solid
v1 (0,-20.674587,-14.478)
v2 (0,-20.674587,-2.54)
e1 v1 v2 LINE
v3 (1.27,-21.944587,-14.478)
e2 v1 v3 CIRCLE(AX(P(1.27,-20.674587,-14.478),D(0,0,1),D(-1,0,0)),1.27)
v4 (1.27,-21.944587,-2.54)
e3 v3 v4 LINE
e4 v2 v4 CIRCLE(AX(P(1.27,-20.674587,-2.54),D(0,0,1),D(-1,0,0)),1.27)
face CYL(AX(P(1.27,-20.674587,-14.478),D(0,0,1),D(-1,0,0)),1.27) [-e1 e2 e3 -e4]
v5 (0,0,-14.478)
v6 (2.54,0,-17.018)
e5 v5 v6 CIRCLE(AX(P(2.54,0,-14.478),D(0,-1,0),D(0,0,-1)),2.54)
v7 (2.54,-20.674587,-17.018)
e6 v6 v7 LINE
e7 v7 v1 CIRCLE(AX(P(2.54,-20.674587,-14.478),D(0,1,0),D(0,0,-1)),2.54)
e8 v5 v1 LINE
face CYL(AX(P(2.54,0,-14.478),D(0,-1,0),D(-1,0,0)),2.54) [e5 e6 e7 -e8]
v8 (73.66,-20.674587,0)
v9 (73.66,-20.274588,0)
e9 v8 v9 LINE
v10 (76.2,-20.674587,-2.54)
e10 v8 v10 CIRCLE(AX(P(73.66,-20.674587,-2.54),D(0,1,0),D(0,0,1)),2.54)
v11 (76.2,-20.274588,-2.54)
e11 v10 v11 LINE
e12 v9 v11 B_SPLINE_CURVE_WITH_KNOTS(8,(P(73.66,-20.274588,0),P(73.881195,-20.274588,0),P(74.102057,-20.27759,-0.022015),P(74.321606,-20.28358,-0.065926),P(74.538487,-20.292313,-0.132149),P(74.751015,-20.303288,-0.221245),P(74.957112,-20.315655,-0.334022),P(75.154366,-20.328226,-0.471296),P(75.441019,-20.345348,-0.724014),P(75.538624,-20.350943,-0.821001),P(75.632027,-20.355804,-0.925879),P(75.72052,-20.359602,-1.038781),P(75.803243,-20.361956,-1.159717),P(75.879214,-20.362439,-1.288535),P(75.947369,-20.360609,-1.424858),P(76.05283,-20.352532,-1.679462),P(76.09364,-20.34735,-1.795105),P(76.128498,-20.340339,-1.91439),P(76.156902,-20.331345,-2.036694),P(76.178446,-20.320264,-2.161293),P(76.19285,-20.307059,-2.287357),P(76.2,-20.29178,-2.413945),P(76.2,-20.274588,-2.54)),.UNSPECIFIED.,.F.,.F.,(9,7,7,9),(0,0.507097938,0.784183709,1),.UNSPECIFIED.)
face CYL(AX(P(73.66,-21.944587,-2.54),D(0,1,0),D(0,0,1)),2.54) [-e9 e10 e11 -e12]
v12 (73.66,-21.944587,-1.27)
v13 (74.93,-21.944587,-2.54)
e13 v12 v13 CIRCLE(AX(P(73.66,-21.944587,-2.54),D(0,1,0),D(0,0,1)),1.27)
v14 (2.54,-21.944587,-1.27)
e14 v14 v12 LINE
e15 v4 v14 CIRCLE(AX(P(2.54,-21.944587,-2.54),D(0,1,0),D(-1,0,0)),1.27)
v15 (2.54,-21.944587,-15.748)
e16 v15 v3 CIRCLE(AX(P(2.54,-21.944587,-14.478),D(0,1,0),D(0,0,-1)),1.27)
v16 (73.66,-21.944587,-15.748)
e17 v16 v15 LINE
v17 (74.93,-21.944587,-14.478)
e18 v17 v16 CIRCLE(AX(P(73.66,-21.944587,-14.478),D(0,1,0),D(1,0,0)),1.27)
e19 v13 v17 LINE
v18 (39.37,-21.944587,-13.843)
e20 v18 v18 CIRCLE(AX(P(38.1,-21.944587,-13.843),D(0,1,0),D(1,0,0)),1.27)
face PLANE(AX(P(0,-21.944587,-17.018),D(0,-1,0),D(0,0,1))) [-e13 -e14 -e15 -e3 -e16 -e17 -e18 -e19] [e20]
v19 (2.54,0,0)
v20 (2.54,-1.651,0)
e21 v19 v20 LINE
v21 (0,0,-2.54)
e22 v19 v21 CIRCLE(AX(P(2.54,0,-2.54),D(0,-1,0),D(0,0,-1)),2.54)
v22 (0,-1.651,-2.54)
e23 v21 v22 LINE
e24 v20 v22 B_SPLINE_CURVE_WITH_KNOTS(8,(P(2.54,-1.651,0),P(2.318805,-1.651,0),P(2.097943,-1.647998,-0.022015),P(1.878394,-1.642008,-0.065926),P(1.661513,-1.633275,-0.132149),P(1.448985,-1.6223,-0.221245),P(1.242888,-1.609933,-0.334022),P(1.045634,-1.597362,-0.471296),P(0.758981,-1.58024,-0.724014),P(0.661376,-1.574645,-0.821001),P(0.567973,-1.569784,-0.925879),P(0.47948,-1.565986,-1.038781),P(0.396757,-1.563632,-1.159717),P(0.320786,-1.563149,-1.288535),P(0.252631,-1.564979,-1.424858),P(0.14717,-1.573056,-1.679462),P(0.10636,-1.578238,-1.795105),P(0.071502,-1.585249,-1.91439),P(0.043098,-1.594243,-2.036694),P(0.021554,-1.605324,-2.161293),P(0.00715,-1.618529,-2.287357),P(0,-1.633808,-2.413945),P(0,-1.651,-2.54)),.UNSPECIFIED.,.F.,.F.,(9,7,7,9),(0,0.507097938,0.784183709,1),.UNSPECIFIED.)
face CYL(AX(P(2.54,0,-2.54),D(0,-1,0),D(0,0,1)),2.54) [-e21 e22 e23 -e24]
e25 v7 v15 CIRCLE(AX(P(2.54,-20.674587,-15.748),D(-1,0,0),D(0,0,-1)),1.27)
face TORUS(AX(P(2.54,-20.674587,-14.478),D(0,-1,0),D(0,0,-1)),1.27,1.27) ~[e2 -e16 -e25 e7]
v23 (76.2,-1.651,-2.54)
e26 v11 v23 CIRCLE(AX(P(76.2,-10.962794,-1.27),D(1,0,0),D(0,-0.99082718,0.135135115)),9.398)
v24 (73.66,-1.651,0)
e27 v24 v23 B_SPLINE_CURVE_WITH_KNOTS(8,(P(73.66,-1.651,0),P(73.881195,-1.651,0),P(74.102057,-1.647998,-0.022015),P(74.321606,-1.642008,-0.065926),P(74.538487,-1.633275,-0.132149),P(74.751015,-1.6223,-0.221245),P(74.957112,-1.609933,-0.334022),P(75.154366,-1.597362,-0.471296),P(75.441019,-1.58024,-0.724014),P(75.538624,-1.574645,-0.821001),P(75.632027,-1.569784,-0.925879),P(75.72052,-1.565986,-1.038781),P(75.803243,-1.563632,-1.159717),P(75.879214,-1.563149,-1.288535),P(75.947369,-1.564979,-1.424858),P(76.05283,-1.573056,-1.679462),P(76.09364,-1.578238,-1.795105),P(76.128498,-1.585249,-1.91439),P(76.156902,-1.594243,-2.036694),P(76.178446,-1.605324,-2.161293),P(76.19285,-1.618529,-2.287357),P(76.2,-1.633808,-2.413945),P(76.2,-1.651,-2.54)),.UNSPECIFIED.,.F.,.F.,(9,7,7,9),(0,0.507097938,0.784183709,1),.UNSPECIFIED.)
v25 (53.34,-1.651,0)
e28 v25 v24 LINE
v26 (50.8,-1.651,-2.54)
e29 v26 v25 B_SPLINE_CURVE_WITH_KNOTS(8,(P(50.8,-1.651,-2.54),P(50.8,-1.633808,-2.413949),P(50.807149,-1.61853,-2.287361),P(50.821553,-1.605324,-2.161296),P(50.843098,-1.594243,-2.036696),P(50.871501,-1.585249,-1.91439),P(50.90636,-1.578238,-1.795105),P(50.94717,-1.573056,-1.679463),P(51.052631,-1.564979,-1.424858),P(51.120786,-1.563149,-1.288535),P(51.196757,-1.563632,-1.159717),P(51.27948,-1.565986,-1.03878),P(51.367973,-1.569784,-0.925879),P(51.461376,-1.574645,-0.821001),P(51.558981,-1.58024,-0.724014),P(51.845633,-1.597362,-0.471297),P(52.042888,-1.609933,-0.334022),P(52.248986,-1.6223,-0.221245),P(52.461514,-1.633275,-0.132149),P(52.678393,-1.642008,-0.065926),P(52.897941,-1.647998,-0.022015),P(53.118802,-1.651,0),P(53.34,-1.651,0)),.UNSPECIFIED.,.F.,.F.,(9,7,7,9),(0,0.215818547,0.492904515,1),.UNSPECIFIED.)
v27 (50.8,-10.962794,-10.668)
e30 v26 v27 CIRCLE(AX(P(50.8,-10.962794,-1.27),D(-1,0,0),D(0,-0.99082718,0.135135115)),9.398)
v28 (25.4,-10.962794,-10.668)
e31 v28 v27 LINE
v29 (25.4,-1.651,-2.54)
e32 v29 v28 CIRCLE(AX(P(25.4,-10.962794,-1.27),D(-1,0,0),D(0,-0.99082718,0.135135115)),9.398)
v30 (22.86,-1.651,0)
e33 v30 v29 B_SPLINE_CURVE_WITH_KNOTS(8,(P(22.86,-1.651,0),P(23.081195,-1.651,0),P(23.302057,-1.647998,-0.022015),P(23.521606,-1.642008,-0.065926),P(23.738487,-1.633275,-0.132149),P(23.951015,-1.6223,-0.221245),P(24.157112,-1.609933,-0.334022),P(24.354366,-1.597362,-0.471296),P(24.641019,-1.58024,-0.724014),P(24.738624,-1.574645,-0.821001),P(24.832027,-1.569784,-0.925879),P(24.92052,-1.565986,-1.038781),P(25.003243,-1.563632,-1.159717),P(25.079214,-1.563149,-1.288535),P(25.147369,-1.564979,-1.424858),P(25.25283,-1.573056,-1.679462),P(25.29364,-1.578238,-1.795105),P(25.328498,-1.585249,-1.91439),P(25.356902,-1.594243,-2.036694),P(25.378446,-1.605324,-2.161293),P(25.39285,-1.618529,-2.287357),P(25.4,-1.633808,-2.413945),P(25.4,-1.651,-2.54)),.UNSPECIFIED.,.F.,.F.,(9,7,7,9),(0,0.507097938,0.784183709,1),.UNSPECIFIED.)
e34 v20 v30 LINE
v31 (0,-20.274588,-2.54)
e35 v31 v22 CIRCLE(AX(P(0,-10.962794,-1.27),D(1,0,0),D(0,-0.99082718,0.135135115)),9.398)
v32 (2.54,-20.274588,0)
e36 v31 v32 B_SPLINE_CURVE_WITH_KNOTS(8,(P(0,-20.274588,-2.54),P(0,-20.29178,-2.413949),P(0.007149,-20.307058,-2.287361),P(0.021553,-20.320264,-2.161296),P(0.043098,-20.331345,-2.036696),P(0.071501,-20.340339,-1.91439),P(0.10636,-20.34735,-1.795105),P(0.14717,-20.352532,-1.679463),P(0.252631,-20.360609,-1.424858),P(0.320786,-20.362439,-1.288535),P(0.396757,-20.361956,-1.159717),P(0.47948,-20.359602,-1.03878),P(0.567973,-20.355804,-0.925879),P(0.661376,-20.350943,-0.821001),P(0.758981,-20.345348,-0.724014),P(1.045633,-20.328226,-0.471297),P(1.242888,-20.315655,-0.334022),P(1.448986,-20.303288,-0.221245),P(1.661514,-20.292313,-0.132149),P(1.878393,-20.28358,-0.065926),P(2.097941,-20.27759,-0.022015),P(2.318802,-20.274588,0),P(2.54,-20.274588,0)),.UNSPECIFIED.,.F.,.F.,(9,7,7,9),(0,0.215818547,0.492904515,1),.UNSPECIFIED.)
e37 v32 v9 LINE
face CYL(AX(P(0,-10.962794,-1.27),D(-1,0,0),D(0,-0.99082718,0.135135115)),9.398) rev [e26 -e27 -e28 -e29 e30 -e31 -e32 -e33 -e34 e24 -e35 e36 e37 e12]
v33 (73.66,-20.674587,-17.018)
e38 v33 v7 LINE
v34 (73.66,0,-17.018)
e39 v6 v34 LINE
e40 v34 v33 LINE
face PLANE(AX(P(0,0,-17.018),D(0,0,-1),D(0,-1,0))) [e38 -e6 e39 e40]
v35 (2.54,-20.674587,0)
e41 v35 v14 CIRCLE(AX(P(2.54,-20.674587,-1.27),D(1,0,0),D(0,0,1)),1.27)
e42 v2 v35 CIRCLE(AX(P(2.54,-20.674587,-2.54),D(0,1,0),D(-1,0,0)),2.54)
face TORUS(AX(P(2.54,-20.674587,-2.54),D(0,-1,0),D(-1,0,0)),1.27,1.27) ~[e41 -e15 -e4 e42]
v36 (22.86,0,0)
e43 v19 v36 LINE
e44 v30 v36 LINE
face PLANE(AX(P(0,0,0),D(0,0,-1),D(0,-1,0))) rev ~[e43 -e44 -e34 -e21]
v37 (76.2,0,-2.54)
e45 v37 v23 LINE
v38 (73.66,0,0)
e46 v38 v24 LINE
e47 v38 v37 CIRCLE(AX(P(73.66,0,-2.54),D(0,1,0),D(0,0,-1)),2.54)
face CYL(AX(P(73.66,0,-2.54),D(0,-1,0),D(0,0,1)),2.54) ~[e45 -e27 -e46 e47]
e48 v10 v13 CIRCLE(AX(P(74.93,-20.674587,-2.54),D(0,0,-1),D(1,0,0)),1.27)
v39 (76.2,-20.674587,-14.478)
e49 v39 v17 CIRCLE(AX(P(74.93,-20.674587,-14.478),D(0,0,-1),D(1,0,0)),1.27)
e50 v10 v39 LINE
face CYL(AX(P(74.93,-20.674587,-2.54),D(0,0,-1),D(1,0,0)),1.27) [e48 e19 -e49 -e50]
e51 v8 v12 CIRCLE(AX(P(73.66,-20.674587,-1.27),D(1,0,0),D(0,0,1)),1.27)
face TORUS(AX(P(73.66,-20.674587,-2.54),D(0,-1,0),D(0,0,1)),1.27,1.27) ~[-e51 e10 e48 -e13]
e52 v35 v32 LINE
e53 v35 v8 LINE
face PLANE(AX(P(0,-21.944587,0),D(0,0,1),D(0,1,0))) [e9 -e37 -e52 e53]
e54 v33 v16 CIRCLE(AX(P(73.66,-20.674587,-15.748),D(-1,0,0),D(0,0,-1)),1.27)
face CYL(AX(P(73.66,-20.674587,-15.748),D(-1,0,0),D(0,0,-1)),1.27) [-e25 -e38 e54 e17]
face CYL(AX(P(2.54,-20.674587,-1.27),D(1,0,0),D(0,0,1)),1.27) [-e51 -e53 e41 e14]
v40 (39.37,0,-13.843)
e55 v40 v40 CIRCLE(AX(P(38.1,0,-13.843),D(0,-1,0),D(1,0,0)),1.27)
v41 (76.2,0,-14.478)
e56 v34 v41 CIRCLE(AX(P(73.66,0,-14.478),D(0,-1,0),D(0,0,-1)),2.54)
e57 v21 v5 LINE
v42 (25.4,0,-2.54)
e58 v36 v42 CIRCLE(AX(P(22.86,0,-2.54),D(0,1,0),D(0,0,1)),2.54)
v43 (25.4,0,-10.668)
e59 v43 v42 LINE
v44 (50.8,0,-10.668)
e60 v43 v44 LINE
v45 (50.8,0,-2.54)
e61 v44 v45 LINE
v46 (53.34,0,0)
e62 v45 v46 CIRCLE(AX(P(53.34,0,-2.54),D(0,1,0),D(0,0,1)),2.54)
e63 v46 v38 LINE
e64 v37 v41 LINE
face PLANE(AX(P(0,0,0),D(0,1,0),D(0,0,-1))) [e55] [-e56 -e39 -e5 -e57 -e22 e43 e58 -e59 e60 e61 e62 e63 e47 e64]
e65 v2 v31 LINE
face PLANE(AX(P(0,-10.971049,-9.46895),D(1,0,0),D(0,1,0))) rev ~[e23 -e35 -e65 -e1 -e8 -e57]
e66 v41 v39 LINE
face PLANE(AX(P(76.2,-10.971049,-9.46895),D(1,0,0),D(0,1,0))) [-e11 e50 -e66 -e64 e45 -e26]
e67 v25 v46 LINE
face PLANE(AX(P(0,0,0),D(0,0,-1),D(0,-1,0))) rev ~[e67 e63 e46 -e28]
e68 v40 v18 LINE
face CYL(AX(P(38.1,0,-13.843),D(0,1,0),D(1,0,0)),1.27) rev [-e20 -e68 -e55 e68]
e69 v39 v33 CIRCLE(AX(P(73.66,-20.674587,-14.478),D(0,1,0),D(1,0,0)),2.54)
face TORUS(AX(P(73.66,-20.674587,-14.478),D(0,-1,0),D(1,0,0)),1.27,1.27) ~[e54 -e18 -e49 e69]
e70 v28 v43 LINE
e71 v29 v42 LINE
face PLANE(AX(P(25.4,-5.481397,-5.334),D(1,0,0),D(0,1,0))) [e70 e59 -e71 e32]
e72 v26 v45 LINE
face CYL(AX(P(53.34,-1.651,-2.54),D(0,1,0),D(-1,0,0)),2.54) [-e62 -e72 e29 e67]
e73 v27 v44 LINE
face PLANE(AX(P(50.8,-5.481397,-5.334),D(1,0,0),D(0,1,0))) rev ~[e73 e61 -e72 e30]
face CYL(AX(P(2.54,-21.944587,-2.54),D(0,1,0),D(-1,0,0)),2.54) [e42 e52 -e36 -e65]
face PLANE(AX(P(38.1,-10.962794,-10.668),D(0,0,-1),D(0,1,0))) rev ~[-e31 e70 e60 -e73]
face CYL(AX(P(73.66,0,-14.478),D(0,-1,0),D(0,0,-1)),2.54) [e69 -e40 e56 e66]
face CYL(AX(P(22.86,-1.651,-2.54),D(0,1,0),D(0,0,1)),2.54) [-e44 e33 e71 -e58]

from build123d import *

# Parameters (mm, degrees)
PAD_DEPTH       = 76.2
SKETCH001_W     = 10.962794
SKETCH001_H     = 10.668
POCKET_DEPTH    = 12.7
SKETCH002_R     = 1.27
POCKET001_DEPTH = 21.945587
FILLET_R        = 2.54
FILLET001_R     = 1.27


with BuildPart() as part:
    # Sketch → Pad (new body)
    with BuildSketch(Plane.YZ):
        with BuildLine():
            Line((0, 0), (-1.651, 0))
            ThreePointArc((-20.274588, 0), (-10.962794, -10.668), (-1.651, 0))
            Line((-21.944587, 0), (-20.274588, 0))
            Line((-21.944587, -17.018), (-21.944587, 0))
            Line((0, -17.018), (-21.944587, -17.018))
            Line((0, 0), (0, -17.018))
        make_face()
    extrude(amount=PAD_DEPTH)

    # Sketch001 → Pocket (cut, symmetric)
    with BuildSketch(Plane.YZ.offset(38.1)):
        with Locations((-5.481397, -5.334)):
            Rectangle(SKETCH001_W, SKETCH001_H)
    extrude(amount=POCKET_DEPTH, both=True, mode=Mode.SUBTRACT)

    # Sketch002 → Pocket001 (cut, through all)
    with BuildSketch(Plane.XZ):
        with Locations((38.1, -13.843)):
            Circle(SKETCH002_R)
    extrude(amount=POCKET001_DEPTH, mode=Mode.SUBTRACT)

    # Fillet
    fillet_edges = [part.edges().sort_by_distance(p)[0] for p in [
        (0, -21.109587, 0),
        (0, -0.8255, 0),
        (76.2, -0.8255, 0),
        (76.2, -21.109587, 0),
        (25.4, -0.8255, 0),
        (50.8, -0.8255, 0),
        (0, -10.972294, -17.018),
        (76.2, -10.972294, -17.018),
    ]]
    fillet(fillet_edges, radius=FILLET_R)

    # Fillet001
    fillet001_edges = [part.edges().sort_by_distance(p)[0] for p in [
        (0, -21.944587, -8.509),
    ]]
    fillet(fillet001_edges, radius=FILLET001_R)


solid = part.part
